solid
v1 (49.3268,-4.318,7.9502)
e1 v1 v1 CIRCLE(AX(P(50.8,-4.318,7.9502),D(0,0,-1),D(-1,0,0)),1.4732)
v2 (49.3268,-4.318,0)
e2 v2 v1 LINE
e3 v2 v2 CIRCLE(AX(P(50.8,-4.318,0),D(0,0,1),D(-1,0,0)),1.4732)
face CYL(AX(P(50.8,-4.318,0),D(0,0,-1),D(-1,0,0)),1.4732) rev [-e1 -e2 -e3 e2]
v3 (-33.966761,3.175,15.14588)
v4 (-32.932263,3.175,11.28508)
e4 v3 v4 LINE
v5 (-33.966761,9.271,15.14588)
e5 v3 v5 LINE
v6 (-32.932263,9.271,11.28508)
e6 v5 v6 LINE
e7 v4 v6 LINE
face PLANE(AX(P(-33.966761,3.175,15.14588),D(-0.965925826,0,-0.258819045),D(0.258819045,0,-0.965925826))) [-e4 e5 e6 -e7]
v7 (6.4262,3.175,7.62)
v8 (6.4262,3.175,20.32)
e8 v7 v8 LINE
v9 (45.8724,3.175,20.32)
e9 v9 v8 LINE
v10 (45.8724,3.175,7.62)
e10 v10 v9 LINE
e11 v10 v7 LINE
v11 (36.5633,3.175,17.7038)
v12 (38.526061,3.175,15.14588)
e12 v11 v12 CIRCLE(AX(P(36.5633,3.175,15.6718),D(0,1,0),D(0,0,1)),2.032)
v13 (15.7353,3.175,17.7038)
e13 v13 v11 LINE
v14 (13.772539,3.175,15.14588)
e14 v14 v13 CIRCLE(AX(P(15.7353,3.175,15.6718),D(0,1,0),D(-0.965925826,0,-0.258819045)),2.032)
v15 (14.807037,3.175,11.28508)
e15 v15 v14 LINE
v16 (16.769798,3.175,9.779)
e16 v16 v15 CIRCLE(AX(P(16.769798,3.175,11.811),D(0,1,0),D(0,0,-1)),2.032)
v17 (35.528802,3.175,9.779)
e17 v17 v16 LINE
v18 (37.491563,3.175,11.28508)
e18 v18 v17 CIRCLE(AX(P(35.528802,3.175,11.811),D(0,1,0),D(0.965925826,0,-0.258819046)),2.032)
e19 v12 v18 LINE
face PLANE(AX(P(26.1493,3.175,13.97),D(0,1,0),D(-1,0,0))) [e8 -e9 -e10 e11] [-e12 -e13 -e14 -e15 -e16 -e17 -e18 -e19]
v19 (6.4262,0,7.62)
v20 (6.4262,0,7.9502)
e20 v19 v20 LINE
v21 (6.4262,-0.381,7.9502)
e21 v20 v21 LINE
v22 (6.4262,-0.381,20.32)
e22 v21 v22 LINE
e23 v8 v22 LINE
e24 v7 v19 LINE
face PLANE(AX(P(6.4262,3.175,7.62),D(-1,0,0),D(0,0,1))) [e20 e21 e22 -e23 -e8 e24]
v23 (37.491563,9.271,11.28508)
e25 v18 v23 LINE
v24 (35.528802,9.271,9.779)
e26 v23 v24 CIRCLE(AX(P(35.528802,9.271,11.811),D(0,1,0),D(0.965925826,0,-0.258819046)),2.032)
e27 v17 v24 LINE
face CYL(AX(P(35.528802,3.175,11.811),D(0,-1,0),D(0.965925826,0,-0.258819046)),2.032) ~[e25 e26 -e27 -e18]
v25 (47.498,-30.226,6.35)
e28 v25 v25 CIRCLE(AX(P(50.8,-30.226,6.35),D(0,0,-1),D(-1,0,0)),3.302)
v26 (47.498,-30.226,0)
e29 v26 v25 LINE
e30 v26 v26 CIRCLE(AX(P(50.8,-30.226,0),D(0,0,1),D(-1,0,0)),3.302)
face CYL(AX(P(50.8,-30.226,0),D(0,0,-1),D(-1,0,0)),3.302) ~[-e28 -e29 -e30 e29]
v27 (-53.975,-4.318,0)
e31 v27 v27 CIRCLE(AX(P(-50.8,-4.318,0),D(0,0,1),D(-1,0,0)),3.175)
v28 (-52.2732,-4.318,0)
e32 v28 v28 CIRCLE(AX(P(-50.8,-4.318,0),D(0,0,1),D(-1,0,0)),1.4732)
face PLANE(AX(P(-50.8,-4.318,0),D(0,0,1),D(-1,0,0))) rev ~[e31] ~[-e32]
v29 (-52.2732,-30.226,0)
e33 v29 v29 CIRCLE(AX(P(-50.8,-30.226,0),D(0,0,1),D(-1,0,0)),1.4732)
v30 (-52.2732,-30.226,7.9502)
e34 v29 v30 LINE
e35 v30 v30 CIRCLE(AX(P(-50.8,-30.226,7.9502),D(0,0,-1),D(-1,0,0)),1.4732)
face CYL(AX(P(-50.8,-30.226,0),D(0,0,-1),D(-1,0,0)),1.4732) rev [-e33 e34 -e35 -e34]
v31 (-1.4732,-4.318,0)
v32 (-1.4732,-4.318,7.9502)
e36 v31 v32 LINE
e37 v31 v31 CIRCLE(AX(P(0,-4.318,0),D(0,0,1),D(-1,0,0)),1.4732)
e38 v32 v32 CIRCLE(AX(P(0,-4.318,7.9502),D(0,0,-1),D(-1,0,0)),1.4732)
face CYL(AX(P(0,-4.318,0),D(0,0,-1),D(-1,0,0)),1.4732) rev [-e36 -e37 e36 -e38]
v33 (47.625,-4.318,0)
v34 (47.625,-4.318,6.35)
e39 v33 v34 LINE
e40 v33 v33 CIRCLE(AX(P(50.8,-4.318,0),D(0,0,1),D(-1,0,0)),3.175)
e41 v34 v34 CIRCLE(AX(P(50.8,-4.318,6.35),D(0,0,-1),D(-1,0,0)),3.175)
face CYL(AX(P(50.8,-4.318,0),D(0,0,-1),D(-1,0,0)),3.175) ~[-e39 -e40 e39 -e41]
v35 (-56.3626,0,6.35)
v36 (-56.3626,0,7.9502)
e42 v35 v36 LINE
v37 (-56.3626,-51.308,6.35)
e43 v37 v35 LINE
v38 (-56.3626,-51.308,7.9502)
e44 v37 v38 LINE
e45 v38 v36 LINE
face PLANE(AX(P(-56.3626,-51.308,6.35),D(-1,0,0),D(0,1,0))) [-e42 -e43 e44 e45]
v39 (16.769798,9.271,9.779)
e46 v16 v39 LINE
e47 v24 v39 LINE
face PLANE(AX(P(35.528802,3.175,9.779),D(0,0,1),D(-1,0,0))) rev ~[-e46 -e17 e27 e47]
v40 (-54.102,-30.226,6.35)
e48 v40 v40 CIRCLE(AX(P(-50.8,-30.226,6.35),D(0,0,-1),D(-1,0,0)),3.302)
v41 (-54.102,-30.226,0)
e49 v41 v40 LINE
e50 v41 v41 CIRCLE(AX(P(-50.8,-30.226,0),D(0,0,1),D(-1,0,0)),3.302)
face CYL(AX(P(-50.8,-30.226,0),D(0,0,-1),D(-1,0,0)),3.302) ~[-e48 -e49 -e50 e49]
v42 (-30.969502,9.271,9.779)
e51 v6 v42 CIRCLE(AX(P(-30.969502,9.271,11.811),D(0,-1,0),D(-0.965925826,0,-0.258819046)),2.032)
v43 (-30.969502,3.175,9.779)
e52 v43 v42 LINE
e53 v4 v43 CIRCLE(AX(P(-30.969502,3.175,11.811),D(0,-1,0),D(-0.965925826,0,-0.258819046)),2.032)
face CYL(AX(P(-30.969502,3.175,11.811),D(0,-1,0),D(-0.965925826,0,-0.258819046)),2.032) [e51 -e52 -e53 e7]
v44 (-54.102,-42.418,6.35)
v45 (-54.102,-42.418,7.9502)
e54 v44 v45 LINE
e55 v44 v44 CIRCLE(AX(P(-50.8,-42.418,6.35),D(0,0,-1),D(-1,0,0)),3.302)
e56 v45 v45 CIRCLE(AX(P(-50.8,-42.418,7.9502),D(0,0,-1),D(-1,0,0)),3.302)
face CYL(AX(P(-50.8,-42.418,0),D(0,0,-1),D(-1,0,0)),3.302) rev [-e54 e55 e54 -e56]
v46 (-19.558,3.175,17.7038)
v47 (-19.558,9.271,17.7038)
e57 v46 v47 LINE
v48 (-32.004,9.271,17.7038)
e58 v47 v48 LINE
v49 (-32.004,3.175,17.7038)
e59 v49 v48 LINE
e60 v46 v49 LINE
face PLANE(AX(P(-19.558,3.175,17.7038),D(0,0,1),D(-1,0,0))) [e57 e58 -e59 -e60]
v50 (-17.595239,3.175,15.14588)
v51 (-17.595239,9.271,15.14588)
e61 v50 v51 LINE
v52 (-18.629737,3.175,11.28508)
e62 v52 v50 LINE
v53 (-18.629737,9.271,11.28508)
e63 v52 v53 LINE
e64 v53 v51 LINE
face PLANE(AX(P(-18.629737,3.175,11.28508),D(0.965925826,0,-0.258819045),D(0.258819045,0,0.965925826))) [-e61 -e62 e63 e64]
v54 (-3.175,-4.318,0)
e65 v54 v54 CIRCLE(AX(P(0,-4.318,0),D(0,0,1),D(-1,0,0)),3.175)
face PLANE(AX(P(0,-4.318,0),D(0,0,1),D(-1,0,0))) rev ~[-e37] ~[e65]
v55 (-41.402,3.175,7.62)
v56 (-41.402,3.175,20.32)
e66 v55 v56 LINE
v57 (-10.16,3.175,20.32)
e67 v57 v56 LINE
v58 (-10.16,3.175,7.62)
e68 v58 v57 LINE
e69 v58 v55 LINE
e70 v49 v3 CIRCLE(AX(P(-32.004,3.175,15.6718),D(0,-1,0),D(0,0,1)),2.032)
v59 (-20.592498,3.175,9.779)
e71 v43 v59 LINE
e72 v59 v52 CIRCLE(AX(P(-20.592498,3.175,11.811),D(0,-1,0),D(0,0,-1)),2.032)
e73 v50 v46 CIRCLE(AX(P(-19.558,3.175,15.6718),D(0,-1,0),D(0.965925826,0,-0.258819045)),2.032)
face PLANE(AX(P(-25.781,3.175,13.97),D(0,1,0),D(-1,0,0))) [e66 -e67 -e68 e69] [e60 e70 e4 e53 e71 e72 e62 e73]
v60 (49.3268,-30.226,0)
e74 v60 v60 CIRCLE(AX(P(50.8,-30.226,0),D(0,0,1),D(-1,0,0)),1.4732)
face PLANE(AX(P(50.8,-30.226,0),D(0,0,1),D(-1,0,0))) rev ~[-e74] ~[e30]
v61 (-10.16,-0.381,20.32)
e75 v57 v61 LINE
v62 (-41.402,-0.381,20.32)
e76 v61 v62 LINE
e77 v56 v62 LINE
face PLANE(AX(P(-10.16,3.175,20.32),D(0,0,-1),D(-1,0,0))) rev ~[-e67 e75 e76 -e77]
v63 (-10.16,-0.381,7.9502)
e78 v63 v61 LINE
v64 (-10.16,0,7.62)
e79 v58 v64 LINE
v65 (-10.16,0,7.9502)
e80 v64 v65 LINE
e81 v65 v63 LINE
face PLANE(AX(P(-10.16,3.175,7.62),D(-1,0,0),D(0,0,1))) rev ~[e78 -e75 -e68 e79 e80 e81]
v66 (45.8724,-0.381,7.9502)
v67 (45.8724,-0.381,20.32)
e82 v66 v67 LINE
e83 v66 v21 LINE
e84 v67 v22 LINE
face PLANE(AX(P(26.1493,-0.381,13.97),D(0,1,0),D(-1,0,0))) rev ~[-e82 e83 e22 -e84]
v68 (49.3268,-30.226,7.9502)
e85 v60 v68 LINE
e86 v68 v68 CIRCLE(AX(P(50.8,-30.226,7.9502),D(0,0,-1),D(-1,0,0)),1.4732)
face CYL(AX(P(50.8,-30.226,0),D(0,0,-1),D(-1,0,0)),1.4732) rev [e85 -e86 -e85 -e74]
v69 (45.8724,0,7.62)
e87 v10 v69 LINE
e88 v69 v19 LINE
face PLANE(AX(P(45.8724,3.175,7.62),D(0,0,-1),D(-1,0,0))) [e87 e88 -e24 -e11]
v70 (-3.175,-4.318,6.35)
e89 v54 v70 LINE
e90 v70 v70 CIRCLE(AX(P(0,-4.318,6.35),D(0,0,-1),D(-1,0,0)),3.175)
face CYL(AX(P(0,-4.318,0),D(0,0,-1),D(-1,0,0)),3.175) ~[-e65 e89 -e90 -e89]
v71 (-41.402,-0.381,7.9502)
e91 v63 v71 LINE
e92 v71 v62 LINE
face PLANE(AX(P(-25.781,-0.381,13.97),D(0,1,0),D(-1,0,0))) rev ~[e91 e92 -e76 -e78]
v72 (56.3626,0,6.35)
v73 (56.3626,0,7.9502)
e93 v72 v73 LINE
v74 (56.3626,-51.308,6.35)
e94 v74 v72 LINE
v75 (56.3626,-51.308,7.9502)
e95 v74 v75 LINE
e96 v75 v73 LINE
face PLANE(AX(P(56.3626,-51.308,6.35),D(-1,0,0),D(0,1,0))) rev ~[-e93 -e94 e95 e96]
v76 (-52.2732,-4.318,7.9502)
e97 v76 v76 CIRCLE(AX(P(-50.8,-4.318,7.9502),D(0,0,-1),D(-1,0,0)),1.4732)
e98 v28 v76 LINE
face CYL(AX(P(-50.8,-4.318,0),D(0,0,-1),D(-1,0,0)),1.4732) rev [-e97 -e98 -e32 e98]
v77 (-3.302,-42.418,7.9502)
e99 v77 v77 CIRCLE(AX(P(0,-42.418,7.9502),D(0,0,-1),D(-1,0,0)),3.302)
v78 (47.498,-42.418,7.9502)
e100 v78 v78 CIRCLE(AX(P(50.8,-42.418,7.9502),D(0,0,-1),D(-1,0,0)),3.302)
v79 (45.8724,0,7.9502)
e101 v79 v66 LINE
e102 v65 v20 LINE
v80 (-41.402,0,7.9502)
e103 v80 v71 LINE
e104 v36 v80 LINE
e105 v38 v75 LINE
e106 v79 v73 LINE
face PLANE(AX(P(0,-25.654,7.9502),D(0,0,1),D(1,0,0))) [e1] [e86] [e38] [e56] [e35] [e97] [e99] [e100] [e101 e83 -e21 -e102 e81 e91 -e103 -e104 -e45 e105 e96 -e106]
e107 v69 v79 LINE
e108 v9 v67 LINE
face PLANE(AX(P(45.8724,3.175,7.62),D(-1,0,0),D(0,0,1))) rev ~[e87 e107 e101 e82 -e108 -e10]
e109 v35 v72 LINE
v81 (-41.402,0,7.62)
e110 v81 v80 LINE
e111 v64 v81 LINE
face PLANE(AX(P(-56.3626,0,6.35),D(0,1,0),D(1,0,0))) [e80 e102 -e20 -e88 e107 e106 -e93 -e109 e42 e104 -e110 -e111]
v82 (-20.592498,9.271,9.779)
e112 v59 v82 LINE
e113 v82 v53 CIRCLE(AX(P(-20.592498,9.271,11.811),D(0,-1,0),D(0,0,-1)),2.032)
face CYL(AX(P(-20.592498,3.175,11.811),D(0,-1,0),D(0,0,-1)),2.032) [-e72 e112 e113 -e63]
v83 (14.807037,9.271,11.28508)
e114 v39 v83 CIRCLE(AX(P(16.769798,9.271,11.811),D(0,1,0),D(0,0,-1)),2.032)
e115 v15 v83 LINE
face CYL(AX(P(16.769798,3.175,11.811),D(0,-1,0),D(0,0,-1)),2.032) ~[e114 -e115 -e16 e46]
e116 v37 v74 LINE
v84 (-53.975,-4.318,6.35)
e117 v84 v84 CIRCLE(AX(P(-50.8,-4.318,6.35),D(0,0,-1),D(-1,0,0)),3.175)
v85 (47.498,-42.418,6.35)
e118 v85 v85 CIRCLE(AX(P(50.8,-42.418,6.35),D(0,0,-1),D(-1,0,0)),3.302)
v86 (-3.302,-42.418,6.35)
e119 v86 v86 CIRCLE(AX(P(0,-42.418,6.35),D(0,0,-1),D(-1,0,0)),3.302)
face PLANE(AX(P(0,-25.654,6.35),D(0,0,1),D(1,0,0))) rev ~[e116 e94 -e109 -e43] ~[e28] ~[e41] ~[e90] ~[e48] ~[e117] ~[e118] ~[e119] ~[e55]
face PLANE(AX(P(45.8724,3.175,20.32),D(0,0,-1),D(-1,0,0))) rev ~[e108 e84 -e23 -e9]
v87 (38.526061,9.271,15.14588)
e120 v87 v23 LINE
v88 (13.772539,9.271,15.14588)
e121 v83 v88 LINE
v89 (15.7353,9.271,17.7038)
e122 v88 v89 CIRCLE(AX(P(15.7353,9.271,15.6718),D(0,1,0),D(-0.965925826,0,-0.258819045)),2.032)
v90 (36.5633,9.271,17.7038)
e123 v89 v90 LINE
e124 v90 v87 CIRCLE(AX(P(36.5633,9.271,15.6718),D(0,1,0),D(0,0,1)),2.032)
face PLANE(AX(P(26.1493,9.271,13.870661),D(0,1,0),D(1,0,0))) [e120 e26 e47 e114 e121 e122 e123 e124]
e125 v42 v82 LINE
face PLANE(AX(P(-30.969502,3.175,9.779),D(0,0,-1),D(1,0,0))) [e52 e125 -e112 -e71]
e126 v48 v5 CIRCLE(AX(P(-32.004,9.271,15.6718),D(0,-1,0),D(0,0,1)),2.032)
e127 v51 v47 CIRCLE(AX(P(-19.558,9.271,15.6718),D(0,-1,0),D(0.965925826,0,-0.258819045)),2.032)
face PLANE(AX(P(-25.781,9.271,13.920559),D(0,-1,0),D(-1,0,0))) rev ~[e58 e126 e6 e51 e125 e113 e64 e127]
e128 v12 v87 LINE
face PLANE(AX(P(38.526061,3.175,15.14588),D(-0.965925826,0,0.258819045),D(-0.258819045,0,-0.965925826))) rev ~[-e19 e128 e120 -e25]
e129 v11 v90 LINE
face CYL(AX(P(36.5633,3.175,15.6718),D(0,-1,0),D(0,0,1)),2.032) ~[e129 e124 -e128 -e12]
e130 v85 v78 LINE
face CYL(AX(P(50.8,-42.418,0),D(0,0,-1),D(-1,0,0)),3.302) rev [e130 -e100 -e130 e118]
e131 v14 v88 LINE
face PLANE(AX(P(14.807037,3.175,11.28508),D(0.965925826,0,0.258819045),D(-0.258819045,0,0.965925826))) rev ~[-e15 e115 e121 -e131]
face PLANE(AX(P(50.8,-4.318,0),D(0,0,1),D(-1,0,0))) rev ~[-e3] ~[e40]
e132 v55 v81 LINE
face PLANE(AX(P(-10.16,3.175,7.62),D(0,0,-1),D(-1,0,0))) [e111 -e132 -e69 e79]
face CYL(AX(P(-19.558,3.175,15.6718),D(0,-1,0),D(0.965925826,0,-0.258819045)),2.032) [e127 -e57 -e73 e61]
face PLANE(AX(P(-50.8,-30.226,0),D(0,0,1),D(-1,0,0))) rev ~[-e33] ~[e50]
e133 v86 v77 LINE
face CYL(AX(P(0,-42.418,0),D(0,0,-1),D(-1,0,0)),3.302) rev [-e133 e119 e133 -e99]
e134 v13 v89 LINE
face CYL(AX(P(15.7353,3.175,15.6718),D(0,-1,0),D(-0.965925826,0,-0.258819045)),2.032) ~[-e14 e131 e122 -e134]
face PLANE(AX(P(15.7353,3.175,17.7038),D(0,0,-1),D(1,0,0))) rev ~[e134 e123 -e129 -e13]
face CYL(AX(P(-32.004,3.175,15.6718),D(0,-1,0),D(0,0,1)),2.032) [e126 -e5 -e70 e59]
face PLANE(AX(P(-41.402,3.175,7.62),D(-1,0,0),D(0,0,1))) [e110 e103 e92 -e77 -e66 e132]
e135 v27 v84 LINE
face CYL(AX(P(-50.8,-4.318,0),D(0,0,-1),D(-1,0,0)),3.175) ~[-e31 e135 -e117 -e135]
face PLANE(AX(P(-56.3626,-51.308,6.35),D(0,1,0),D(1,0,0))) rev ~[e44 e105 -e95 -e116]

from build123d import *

# Parameters (mm, degrees)
SKETCH1_W          = 112.7252
SKETCH1_H          = 51.308
EXTRUDE1_DEPTH     = 1.6002
EXTRUDE2_REACH     = 78.632
SKETCH2_R          = 3.175
SKETCH2_R_2        = 3.302
SKETCH3_R          = 3.302
SKETCH3_R_2        = 1.4732
CUT_EXTRUDE1_DEPTH = 12.7
SKETCH4_W          = 31.242
SKETCH4_H          = 12.7
SKETCH4_W_2        = 39.4462
EXTRUDE3_DEPTH     = 3.556
EXTRUDE4_DEPTH     = 6.096


with BuildPart() as part:
    # Sketch1 → Extrude1 (new body)
    with BuildSketch(Plane.XY.offset(6.35)):
        with Locations((0, -25.654)):
            Rectangle(SKETCH1_W, SKETCH1_H)
    extrude(amount=EXTRUDE1_DEPTH)

    # Sketch2 → Extrude2 (add, up to next)
    with BuildSketch(Plane.XY, mode=Mode.PRIVATE) as extrude2_sk1:
        with Locations(Location((-50.8, -4.318, 0), (0, 0, 180))):
            Circle(SKETCH2_R)
    extrude2_tool1 = extrude(extrude2_sk1.sketch, amount=EXTRUDE2_REACH, mode=Mode.PRIVATE) - part.part
    # Sketch2 → Extrude2 (add, up to next)
    with BuildSketch(Plane.XY, mode=Mode.PRIVATE) as extrude2_sk2:
        with Locations(Location((50.8, -4.318, 0), (0, 0, 180))):
            Circle(SKETCH2_R)
    extrude2_tool2 = extrude(extrude2_sk2.sketch, amount=EXTRUDE2_REACH, mode=Mode.PRIVATE) - part.part
    # Sketch2 → Extrude2 (add, up to next)
    with BuildSketch(Plane.XY, mode=Mode.PRIVATE) as extrude2_sk3:
        with Locations(Location((-50.8, -30.226, 0), (0, 0, 180))):
            Circle(SKETCH2_R_2)
    extrude2_tool3 = extrude(extrude2_sk3.sketch, amount=EXTRUDE2_REACH, mode=Mode.PRIVATE) - part.part
    # Sketch2 → Extrude2 (add, up to next)
    with BuildSketch(Plane.XY, mode=Mode.PRIVATE) as extrude2_sk4:
        with Locations(Location((50.8, -30.226, 0), (0, 0, 180))):
            Circle(SKETCH2_R_2)
    extrude2_tool4 = extrude(extrude2_sk4.sketch, amount=EXTRUDE2_REACH, mode=Mode.PRIVATE) - part.part
    # Sketch2 → Extrude2 (add, up to next)
    with BuildSketch(Plane.XY, mode=Mode.PRIVATE) as extrude2_sk5:
        with Locations(Location((0, -4.318, 0), (0, 0, 180))):
            Circle(SKETCH2_R)
    extrude2_tool5 = extrude(extrude2_sk5.sketch, amount=EXTRUDE2_REACH, mode=Mode.PRIVATE) - part.part
    add(extrude2_tool1.solids().sort_by_distance((-50.8, -4.318, 0))[0])
    add(extrude2_tool2.solids().sort_by_distance((50.8, -4.318, 0))[0])
    add(extrude2_tool3.solids().sort_by_distance((-50.8, -30.226, 0))[0])
    add(extrude2_tool4.solids().sort_by_distance((50.8, -30.226, 0))[0])
    add(extrude2_tool5.solids().sort_by_distance((0, -4.318, 0))[0])

    # Sketch3 → Cut-Extrude1 (cut)
    with BuildSketch(Plane.XY):
        with Locations(Location((50.8, -42.418, 0), (0, 0, 180))):
            Circle(SKETCH3_R)
        with Locations(Location((0, -42.418, 0), (0, 0, 180))):
            Circle(SKETCH3_R)
        with Locations(Location((-50.8, -42.418, 0), (0, 0, 180))):
            Circle(SKETCH3_R)
        with Locations(Location((50.8, -30.226, 0), (0, 0, 180))):
            Circle(SKETCH3_R_2)
        with Locations(Location((50.8, -4.318, 0), (0, 0, 180))):
            Circle(SKETCH3_R_2)
        with Locations(Location((0, -4.318, 0), (0, 0, 180))):
            Circle(SKETCH3_R_2)
        with Locations(Location((-50.8, -4.318, 0), (0, 0, 180))):
            Circle(SKETCH3_R_2)
        with Locations(Location((-50.8, -30.226, 0), (0, 0, 180))):
            Circle(SKETCH3_R_2)
    extrude(amount=CUT_EXTRUDE1_DEPTH, mode=Mode.SUBTRACT)

    # Sketch4 → Extrude3 (add)
    with BuildSketch(Plane(origin=(0, 3.175, 0), x_dir=(-1, 0, 0), z_dir=(0, 1, 0))):
        with Locations((25.781, 13.97)):
            Rectangle(SKETCH4_W, SKETCH4_H)
        with Locations((-26.1493, 13.97)):
            Rectangle(SKETCH4_W_2, SKETCH4_H)
    extrude(amount=-EXTRUDE3_DEPTH)

    # Sketch5 → Extrude4 (add)
    with BuildSketch(Plane(origin=(0, 3.175, 0), x_dir=(1, 0, 0), z_dir=(0, 1, 0))):
        with BuildLine():
            Line((15.7353, -17.7038), (36.5633, -17.7038))
            ThreePointArc((36.5633, -17.7038), (38.175393987, -16.908803224), (38.526061279, -15.1458797))
            Line((38.526061279, -15.1458797), (37.491563037, -11.2850797))
            ThreePointArc((37.491563037, -11.2850797), (36.765804982, -10.198906013), (35.528801758, -9.779))
            Line((35.528801758, -9.779), (16.769798242, -9.779))
            ThreePointArc((16.769798242, -9.779), (15.532795018, -10.198906013), (14.807036963, -11.2850797))
            Line((14.807036963, -11.2850797), (13.772538721, -15.1458797))
            ThreePointArc((13.772538721, -15.1458797), (14.123206013, -16.908803224), (15.7353, -17.7038))
        make_face()
        with BuildLine():
            Line((-30.969501758, -9.779), (-20.592498242, -9.779))
            ThreePointArc((-20.592498242, -9.779), (-19.355495018, -10.198906013), (-18.629736963, -11.2850797))
            Line((-18.629736963, -11.2850797), (-17.595238721, -15.1458797))
            ThreePointArc((-17.595238721, -15.1458797), (-17.945906013, -16.908803224), (-19.558, -17.7038))
            Line((-19.558, -17.7038), (-32.004, -17.7038))
            ThreePointArc((-32.004, -17.7038), (-33.616093987, -16.908803224), (-33.966761279, -15.1458797))
            Line((-33.966761279, -15.1458797), (-32.932263037, -11.2850797))
            ThreePointArc((-32.932263037, -11.2850797), (-32.206504982, -10.198906013), (-30.969501758, -9.779))
        make_face()
    extrude(amount=EXTRUDE4_DEPTH)


solid = part.part
